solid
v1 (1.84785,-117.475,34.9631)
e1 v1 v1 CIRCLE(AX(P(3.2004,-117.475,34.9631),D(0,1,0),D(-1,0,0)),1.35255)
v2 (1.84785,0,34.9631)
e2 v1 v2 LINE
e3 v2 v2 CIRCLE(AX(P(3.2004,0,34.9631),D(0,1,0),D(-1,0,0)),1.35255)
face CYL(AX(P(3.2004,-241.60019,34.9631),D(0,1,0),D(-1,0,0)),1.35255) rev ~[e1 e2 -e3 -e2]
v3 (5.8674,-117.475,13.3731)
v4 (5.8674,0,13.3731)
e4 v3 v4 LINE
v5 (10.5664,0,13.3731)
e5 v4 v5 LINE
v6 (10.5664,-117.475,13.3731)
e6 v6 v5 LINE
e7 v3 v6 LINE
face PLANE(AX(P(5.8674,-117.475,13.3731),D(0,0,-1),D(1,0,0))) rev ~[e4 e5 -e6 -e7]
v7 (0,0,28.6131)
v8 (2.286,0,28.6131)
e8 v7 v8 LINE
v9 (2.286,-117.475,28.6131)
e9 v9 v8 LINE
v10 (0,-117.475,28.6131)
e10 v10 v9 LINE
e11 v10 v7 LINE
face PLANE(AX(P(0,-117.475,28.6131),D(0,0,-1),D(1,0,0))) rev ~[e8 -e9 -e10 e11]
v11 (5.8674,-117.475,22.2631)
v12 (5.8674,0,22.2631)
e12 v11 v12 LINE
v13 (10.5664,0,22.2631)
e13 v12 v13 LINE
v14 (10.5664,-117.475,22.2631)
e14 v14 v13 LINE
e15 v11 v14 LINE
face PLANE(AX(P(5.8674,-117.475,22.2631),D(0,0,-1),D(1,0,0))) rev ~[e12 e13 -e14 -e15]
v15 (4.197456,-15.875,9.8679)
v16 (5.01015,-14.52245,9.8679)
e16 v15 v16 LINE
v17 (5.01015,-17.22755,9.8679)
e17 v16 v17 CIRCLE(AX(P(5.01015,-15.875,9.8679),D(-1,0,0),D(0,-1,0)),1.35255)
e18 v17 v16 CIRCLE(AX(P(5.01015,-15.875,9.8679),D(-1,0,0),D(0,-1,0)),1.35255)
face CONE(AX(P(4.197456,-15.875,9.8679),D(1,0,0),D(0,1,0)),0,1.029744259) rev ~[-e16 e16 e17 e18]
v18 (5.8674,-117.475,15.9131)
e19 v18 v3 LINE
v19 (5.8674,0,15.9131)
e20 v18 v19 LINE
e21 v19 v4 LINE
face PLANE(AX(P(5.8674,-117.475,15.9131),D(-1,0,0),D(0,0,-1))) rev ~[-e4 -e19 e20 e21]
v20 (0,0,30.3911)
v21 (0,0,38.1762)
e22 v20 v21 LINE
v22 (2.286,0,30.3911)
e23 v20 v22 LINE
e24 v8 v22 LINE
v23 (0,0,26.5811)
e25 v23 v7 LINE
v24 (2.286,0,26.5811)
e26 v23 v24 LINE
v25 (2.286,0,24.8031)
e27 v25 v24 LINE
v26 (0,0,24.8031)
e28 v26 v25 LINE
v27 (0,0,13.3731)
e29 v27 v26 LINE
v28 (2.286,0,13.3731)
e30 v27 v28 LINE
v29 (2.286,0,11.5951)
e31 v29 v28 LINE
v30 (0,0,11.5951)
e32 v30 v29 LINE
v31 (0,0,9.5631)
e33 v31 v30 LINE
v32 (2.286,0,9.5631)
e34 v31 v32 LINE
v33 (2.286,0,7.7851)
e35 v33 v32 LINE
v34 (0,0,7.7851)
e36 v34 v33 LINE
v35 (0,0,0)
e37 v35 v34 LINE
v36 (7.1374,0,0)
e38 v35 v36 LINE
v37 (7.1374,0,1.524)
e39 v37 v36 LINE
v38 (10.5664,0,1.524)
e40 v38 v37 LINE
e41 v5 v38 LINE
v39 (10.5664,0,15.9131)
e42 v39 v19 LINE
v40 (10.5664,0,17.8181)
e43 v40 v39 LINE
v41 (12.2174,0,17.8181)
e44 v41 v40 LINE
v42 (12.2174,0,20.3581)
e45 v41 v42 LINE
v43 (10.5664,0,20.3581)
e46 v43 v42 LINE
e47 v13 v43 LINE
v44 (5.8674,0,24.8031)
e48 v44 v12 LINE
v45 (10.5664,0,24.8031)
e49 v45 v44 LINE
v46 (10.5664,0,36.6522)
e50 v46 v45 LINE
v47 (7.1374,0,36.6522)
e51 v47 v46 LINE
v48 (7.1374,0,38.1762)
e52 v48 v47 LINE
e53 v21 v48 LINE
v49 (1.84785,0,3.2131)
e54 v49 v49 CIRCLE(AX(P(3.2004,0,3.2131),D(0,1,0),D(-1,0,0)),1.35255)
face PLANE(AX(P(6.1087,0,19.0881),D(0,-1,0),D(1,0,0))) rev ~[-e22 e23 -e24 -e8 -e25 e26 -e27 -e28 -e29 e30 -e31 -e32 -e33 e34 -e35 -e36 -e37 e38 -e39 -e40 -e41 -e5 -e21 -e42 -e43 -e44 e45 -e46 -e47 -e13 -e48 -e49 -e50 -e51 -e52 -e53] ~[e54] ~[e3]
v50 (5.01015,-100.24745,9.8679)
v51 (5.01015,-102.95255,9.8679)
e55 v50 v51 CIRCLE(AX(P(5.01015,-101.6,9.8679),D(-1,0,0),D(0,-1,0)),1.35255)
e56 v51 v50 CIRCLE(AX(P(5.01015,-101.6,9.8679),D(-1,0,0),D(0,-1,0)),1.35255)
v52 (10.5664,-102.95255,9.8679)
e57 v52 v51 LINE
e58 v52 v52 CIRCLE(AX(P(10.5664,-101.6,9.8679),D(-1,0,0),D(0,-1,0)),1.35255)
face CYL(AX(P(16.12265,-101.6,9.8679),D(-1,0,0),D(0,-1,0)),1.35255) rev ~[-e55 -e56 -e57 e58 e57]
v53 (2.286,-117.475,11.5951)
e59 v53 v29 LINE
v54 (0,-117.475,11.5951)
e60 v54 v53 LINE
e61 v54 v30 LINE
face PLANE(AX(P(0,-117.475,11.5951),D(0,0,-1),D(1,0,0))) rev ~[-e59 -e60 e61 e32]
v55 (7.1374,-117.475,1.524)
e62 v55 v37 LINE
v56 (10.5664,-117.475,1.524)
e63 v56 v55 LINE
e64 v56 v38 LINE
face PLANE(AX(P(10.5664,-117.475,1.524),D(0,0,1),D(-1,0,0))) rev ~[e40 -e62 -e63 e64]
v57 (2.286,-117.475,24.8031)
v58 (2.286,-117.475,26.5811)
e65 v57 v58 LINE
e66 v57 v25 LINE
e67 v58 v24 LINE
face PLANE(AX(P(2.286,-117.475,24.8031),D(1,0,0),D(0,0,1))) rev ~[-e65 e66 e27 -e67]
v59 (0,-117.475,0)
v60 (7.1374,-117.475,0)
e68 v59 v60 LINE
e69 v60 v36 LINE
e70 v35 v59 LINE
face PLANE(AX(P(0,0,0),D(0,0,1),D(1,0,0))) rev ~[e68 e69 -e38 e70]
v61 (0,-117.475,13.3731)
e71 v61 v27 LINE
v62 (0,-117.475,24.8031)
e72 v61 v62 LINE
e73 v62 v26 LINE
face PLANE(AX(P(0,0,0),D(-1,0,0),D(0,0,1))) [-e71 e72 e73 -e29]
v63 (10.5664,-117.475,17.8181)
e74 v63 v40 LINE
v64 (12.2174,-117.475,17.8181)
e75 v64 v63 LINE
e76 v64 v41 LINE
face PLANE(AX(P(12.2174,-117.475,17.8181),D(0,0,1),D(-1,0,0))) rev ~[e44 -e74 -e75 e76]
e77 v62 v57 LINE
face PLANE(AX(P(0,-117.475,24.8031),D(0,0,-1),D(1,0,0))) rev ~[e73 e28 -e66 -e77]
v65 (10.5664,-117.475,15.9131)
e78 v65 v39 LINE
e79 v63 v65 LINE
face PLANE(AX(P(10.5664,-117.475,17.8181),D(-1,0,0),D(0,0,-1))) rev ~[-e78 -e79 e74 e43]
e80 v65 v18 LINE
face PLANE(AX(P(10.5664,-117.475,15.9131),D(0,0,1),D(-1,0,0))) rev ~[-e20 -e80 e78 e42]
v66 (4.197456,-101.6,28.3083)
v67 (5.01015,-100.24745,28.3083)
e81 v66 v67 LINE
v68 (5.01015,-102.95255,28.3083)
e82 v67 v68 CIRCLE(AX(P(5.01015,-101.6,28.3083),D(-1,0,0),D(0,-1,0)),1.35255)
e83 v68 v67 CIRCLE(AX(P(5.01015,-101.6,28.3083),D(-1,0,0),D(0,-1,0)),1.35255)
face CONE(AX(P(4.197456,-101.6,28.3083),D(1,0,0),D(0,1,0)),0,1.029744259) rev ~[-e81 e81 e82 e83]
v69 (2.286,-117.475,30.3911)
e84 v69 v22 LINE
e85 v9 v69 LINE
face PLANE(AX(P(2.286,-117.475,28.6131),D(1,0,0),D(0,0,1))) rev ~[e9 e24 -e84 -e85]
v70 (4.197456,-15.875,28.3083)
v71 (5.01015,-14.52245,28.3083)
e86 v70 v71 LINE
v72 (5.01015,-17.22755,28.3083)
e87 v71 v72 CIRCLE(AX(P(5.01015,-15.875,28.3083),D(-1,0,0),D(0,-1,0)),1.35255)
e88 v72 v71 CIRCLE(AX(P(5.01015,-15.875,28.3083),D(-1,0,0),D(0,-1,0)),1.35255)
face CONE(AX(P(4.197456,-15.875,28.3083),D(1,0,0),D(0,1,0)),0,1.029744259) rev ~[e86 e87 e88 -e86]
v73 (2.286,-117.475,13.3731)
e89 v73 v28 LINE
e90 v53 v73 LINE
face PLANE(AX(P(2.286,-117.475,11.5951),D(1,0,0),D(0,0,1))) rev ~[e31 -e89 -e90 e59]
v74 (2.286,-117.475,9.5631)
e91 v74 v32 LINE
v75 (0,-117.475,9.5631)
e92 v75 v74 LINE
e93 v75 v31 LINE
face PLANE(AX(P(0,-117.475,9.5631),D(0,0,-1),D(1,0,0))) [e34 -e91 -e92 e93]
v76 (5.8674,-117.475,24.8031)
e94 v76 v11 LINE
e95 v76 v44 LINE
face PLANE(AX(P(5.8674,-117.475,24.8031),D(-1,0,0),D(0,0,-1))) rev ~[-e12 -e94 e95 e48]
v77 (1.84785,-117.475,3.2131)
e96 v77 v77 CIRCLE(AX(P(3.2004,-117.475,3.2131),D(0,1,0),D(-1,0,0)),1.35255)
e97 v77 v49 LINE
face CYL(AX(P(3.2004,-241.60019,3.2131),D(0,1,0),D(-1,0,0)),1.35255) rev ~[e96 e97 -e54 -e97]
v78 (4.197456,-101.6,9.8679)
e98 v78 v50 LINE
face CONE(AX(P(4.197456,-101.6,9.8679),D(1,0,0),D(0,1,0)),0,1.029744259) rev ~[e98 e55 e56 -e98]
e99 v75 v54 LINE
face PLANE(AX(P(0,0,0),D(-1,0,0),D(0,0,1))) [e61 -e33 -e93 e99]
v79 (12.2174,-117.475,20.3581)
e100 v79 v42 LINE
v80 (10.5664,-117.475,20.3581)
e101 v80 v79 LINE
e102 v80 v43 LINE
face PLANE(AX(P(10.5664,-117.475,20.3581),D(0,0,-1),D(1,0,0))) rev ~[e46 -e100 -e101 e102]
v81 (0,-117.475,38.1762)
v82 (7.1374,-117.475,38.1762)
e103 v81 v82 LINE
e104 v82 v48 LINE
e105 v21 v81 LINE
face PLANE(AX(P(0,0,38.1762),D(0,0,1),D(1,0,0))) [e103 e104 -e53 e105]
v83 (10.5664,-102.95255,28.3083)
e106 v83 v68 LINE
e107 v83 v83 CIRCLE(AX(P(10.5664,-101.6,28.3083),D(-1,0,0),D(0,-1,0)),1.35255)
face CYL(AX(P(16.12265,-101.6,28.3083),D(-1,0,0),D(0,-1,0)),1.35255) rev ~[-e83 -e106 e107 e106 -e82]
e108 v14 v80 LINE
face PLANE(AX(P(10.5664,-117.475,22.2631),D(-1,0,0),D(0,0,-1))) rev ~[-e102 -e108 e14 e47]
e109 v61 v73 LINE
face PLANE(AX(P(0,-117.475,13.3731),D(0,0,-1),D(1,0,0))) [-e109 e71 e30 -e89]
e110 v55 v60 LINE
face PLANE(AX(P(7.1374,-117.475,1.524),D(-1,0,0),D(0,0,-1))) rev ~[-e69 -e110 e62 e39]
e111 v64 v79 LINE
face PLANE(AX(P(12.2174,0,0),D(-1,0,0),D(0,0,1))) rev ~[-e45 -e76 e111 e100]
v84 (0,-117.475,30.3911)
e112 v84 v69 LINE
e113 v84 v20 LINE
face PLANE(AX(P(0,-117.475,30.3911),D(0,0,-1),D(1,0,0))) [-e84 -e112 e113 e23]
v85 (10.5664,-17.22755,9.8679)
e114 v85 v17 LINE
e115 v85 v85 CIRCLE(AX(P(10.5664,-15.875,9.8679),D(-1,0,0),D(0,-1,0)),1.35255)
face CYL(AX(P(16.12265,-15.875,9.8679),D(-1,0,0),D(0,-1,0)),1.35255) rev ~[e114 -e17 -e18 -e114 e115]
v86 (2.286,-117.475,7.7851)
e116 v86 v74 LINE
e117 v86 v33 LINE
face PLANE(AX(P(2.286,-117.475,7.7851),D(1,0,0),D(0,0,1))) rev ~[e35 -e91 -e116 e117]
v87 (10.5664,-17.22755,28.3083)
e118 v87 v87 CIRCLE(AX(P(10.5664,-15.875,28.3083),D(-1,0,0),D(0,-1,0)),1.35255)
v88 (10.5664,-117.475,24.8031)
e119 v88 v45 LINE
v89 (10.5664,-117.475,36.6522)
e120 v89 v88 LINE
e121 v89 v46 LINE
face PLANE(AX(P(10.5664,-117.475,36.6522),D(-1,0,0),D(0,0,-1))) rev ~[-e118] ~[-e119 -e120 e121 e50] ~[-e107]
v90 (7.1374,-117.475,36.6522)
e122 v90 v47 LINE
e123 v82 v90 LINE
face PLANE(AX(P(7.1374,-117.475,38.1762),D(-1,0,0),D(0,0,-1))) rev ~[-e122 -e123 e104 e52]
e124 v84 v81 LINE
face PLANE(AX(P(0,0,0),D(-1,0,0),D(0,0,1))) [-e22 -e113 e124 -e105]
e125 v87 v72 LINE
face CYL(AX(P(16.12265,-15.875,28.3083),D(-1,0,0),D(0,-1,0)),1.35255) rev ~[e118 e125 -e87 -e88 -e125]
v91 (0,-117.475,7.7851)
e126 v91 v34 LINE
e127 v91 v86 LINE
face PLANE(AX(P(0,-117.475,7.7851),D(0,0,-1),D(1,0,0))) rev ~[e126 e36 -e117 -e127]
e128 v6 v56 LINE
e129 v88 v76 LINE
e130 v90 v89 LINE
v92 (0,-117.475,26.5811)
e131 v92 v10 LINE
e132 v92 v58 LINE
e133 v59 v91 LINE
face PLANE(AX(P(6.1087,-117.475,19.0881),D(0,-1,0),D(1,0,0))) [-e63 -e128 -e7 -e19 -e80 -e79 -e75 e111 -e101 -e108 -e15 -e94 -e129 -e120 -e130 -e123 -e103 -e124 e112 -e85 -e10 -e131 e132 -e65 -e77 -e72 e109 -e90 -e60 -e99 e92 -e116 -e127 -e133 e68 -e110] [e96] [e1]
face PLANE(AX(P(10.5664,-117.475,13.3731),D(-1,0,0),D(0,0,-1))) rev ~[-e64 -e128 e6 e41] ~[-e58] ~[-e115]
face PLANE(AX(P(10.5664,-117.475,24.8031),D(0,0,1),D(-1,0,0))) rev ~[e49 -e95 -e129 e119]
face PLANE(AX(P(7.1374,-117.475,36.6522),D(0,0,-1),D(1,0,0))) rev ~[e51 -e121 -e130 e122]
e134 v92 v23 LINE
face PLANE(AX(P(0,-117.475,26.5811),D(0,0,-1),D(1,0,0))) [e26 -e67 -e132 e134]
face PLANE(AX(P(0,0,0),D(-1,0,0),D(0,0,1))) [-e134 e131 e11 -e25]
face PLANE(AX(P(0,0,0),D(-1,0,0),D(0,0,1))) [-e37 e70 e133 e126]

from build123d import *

# Parameters (mm, degrees)
F0_W            = 12.2174
F0_H            = 38.1762
F1_DEPTH        = 117.475
F2_W            = 2.286
F2_H            = 1.778
F3_DEPTH        = 117.476
F5_DEPTH        = 117.476
F7_D            = 2.7051
F10_D           = 2.7051
F10_DEPTH       = 5.55625
F10_TIP         = 0.8126940303
F10_ON_F9_D     = 2.7051
F10_ON_F9_DEPTH = 5.55625
F10_ON_F9_TIP   = 0.8126940303


with BuildPart() as f1:
    # F0 (on Front) → F1 (new body)
    with BuildSketch(Plane.XZ):
        with Locations((6.1087, 19.0881)):
            Rectangle(F0_W, F0_H)
    extrude(amount=F1_DEPTH)

    # F2 (on face) → F3 (cut, through all)
    with BuildSketch(Plane.XZ.offset(117.475)):
        with Locations((1.143, 29.5021)):
            Rectangle(F2_W, F2_H)
        with Locations((1.143, 25.6921)):
            Rectangle(F2_W, F2_H)
        with Locations((1.143, 8.6741)):
            Rectangle(F2_W, F2_H)
        with Locations((1.143, 12.4841)):
            Rectangle(F2_W, F2_H)
    extrude(amount=-F3_DEPTH, mode=Mode.SUBTRACT)

    # F4 (on face) → F5 (cut, through all)
    with BuildSketch(Plane.XZ.offset(117.475)):
        Polygon((10.5664, 20.3581), (12.2174, 20.3581), (12.2174, 38.1762), (7.1374, 38.1762), (7.1374, 36.6522), (10.5664, 36.6522), (10.5664, 24.8031), (5.8674, 24.8031), (5.8674, 22.2631), (10.5664, 22.2631), align=None)
        Polygon((10.5664, 13.3731), (10.5664, 1.524), (7.1374, 1.524), (7.1374, 0), (12.2174, 0), (12.2174, 17.8181), (10.5664, 17.8181), (10.5664, 15.9131), (5.8674, 15.9131), (5.8674, 13.3731), align=None)
    extrude(amount=-F5_DEPTH, mode=Mode.SUBTRACT)

    # F7 (through all)
    with Locations(Plane.XZ.offset(117.475)):
        with Locations((3.2004, 34.9631), (3.2004, 3.2131)):
            Hole(F7_D / 2)

    # F10
    with Locations(Plane.YZ.offset(10.5664)):
        with Locations((-101.6, 28.3083), (-15.875, 28.3083)):
            Hole(F10_D / 2, depth=F10_DEPTH)
            with Locations((0, 0, -(F10_DEPTH + F10_TIP / 2))):  # 118° drill point
                Cone(0, F10_D / 2, F10_TIP, mode=Mode.SUBTRACT)

    # F10 on F9
    with Locations(Plane.YZ.offset(10.5664)):
        with Locations((-15.875, 9.8679), (-101.6, 9.8679)):
            Hole(F10_ON_F9_D / 2, depth=F10_ON_F9_DEPTH)
            with Locations((0, 0, -(F10_ON_F9_DEPTH + F10_ON_F9_TIP / 2))):  # 118° drill point
                Cone(0, F10_ON_F9_D / 2, F10_ON_F9_TIP, mode=Mode.SUBTRACT)


solid = f1.part
